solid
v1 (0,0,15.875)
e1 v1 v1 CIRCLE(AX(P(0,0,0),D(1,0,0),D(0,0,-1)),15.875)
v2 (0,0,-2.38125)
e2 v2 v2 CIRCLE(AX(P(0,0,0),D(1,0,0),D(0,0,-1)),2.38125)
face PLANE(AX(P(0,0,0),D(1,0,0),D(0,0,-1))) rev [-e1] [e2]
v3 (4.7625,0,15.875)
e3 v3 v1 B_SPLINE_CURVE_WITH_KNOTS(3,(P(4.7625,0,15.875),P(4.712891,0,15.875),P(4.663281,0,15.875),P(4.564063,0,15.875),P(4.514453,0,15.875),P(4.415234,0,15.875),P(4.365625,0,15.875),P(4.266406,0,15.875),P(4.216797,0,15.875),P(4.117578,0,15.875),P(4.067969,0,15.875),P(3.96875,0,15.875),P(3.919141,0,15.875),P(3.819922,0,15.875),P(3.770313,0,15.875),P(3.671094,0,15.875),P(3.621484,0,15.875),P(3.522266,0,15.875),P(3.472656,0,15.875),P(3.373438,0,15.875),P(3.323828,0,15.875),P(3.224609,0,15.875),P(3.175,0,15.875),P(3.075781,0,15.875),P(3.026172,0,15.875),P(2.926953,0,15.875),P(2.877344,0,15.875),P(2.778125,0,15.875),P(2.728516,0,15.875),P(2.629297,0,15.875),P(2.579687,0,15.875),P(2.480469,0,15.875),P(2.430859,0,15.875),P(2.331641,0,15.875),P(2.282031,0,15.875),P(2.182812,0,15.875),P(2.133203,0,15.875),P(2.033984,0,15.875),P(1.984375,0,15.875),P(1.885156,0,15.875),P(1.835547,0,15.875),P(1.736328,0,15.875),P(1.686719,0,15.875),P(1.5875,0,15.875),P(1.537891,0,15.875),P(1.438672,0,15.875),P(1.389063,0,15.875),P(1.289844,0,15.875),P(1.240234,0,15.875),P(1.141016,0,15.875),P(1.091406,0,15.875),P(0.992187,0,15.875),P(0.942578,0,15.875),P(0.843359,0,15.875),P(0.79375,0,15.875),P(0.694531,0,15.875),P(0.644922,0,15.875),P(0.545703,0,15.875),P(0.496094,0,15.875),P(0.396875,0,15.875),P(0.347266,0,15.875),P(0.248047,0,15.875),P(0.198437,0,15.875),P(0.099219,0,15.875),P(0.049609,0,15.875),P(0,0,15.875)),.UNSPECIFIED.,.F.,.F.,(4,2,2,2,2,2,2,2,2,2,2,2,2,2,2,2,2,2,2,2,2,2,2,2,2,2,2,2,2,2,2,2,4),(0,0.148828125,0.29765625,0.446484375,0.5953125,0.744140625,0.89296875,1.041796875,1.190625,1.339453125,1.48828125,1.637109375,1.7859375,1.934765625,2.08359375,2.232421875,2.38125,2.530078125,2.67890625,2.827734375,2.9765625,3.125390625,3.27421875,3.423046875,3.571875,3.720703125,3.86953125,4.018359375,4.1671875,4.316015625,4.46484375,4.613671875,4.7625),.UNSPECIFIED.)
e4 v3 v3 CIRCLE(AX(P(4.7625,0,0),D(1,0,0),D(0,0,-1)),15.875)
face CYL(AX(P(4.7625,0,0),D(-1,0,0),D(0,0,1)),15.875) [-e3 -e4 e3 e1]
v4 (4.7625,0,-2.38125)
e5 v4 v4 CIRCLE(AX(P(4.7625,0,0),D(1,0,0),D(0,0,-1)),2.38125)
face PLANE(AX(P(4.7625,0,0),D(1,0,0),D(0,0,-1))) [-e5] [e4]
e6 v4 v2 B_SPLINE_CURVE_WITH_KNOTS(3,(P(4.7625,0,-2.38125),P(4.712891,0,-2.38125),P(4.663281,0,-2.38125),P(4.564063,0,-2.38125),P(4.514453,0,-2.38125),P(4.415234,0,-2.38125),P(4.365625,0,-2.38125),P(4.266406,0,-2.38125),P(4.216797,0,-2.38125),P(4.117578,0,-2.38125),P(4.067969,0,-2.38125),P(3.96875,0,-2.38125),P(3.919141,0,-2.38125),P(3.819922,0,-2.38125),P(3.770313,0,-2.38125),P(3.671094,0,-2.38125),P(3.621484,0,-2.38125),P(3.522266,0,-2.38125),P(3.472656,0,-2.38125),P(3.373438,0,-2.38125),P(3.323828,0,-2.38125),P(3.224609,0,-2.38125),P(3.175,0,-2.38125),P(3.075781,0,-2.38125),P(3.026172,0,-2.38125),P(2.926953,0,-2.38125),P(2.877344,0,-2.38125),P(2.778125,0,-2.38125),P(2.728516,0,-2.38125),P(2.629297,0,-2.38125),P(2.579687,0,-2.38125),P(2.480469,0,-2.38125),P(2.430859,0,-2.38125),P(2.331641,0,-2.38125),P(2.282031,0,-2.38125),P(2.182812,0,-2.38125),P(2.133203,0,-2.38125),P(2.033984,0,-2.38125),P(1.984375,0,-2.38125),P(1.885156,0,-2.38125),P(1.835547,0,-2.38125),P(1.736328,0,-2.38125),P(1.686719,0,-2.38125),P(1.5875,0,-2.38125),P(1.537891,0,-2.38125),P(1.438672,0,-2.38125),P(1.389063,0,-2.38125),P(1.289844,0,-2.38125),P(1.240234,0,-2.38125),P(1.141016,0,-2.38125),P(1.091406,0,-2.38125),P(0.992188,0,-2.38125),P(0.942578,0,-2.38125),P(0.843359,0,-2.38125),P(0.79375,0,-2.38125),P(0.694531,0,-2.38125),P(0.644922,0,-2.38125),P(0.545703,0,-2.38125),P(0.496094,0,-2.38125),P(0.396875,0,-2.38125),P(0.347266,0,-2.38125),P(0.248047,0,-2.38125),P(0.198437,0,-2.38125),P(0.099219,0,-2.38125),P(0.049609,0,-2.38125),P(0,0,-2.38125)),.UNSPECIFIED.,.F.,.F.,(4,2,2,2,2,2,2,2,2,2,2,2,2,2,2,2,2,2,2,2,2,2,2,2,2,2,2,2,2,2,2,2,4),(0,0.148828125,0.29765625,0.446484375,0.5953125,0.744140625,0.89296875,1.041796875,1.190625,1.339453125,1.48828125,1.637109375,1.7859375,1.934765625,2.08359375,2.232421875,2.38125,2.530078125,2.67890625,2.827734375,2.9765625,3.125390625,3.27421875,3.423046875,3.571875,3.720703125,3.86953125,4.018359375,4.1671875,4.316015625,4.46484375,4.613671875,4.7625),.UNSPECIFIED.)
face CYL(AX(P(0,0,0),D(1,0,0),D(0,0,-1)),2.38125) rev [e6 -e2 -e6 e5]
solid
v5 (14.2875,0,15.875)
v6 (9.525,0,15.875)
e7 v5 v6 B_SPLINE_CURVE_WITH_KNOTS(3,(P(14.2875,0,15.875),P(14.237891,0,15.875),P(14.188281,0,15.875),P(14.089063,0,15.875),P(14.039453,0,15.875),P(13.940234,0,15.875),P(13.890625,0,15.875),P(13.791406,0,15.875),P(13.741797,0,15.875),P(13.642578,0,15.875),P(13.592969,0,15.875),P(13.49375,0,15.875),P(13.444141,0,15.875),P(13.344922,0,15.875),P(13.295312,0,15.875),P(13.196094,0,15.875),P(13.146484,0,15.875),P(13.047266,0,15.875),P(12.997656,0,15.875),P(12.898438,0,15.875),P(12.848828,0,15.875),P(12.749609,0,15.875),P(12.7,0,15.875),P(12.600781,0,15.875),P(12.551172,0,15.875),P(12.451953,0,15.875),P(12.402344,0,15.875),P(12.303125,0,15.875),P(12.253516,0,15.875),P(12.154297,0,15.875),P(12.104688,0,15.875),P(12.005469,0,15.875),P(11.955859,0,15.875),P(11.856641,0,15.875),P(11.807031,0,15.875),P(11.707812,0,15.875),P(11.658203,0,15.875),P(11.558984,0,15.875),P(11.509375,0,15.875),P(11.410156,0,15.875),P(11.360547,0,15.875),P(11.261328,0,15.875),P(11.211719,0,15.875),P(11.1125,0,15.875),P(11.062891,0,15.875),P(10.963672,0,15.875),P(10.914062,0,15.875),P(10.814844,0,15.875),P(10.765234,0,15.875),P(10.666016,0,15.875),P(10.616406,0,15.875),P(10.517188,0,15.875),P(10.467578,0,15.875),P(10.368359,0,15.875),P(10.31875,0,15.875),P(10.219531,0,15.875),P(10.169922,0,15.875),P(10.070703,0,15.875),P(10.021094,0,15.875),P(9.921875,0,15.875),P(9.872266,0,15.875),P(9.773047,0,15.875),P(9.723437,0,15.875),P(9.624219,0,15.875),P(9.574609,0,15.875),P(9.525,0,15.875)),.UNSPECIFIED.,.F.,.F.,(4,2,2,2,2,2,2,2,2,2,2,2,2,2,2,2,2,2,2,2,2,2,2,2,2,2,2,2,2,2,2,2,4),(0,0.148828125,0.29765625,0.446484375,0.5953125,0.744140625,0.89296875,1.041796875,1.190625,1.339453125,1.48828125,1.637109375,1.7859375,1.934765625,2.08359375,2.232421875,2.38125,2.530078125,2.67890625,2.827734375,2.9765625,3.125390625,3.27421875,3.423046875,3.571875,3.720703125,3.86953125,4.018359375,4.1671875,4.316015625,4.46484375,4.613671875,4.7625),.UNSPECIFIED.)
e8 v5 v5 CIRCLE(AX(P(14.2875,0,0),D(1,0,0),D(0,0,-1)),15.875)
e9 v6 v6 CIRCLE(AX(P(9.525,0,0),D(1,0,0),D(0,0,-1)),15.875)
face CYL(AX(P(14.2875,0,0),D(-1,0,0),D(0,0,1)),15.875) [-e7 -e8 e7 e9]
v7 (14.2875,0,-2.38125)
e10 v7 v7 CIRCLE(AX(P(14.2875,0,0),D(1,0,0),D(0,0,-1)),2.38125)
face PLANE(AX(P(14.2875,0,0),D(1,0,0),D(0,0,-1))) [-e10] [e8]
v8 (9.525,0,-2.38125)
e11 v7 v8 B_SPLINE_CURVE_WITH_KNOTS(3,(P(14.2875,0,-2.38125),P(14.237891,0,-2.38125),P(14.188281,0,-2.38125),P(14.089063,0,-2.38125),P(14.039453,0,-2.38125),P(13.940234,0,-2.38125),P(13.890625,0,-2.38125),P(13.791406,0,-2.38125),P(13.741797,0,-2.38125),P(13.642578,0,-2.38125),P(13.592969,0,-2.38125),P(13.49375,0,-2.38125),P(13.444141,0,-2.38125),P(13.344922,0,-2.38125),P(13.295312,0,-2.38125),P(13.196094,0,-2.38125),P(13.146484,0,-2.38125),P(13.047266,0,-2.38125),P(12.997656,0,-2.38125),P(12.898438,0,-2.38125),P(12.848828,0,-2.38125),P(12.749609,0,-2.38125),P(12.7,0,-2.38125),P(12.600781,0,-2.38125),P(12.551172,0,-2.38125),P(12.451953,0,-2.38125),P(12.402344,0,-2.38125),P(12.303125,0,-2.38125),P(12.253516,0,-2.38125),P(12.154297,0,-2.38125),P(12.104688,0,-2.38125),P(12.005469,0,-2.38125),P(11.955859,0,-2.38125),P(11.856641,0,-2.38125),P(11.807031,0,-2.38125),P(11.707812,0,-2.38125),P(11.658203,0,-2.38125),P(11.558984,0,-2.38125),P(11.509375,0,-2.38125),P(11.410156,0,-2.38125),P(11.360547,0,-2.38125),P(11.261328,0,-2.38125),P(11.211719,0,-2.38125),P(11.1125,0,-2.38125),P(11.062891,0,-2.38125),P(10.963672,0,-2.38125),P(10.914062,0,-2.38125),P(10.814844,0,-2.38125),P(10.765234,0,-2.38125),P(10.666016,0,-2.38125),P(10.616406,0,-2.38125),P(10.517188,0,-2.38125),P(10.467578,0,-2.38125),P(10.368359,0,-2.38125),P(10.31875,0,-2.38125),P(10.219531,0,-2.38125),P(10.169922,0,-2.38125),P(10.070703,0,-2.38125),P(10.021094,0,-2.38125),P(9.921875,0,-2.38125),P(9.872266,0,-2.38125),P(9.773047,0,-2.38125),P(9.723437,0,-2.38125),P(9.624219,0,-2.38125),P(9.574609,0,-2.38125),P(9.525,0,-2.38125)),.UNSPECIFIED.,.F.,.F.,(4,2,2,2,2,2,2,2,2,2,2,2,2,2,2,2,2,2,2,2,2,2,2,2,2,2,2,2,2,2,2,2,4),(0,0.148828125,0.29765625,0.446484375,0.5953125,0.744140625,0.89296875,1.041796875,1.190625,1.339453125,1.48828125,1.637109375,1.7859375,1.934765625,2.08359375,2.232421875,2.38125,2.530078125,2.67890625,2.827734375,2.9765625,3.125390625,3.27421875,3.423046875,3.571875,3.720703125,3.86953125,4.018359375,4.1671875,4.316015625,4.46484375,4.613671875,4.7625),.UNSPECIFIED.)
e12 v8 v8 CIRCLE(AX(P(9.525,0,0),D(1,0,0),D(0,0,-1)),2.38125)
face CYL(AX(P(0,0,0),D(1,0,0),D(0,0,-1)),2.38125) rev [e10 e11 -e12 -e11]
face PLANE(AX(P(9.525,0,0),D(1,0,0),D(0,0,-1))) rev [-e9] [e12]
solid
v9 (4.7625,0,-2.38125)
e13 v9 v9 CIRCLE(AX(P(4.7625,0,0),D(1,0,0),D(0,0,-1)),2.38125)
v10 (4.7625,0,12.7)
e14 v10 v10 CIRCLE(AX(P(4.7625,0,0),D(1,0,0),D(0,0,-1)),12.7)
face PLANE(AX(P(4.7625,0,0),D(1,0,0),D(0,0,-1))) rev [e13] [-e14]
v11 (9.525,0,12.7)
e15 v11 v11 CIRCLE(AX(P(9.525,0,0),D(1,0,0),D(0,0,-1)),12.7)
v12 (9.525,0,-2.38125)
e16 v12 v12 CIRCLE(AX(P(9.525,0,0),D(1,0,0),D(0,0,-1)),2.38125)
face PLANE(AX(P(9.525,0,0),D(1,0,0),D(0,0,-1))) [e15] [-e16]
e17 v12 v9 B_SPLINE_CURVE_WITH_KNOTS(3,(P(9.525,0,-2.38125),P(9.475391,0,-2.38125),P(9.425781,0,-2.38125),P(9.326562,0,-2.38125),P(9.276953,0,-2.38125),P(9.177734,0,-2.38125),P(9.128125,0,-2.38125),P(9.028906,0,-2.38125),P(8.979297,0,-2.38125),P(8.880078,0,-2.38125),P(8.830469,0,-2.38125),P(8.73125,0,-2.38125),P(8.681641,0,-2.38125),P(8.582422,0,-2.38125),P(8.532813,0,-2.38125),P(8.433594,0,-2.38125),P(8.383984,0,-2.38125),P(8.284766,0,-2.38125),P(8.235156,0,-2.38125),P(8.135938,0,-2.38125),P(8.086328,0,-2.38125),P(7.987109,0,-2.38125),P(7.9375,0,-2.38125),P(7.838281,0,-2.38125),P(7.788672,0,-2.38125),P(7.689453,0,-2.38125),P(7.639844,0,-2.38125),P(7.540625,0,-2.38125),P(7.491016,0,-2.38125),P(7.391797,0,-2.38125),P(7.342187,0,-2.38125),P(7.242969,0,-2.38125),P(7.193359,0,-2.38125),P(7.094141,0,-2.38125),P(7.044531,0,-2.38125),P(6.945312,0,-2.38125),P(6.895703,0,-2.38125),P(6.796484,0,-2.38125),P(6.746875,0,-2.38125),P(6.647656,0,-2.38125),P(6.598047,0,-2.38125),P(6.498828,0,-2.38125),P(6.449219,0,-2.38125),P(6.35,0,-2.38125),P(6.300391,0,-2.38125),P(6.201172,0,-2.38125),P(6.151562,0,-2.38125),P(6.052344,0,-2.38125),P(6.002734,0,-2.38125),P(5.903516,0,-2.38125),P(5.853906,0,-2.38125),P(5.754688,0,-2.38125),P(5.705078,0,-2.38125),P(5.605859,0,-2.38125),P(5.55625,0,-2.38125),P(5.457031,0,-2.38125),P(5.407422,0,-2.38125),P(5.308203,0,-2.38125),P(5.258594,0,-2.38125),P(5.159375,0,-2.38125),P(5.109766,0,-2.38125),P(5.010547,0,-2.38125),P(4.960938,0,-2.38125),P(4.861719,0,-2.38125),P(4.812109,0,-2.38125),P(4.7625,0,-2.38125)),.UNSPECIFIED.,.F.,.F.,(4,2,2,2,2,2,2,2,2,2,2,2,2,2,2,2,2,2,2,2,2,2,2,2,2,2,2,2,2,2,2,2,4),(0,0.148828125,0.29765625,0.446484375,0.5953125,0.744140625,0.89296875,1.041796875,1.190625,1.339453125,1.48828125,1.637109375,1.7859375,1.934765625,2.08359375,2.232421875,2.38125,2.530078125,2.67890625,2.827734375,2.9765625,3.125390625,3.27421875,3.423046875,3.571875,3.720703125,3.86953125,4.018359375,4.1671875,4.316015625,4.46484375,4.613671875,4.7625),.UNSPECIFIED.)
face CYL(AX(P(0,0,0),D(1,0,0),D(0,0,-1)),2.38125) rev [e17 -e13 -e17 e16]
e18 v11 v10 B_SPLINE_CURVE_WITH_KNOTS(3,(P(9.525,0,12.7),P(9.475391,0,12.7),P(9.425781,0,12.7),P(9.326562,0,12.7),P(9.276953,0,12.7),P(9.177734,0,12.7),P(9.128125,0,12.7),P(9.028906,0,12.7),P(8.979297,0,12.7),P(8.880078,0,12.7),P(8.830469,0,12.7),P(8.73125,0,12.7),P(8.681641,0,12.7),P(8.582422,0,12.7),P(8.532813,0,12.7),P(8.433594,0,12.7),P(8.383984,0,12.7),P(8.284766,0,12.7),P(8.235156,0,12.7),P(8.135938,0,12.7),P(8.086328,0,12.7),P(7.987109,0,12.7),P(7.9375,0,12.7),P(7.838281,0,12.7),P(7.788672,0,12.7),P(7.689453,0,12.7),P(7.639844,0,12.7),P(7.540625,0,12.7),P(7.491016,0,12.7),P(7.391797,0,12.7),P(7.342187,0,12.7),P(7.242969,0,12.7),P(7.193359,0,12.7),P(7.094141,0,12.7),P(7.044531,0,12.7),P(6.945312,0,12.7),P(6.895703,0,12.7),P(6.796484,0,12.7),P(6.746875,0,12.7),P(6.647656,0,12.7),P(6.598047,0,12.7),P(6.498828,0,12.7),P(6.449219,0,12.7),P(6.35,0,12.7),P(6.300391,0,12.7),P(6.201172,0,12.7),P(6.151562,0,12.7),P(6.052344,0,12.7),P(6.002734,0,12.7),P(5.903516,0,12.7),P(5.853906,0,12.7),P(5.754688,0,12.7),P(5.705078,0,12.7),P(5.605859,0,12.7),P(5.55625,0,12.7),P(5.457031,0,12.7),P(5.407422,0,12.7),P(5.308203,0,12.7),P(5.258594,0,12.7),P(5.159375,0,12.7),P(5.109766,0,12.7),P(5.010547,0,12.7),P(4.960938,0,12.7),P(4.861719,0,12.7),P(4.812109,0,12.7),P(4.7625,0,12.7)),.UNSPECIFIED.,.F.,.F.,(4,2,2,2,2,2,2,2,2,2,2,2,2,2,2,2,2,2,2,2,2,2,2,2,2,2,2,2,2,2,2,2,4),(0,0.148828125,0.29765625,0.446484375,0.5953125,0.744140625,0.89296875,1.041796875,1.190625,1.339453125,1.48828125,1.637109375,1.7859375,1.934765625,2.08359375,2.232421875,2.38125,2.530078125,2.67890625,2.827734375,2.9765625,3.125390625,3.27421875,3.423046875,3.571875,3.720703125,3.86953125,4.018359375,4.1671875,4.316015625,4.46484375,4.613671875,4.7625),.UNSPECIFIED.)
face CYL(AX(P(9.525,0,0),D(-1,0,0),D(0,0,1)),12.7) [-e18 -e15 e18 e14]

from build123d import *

# Parameters (mm, degrees)
SKETCH3_R           = 15.875
BOSS_EXTRUDE1_DEPTH = 4.7625
SKETCH5_R           = 12.7
BOSS_EXTRUDE2_DEPTH = 4.7625
SKETCH6_R           = 15.875
BOSS_EXTRUDE3_DEPTH = 4.7625
SKETCH7_R           = 2.38125
CUT_EXTRUDE1_DEPTH  = 27.6113492


with BuildPart() as part:
    # Sketch3 → Boss-Extrude1 (new body)
    with BuildSketch(Plane(origin=(0, 0, 0), x_dir=(0, 0, -1), z_dir=(1, 0, 0))):
        with Locations(Location((0, 0, 0), (0, 0, 180))):
            Circle(SKETCH3_R)
    extrude(amount=BOSS_EXTRUDE1_DEPTH)


with BuildPart() as body_2:
    # Sketch5 → Boss-Extrude2 (new body)
    with BuildSketch(Plane(origin=(4.7625, 0, 0), x_dir=(0, 0, -1), z_dir=(1, 0, 0))):
        with Locations(Location((0, 0, 0), (0, 0, 180))):
            Circle(SKETCH5_R)
    extrude(amount=BOSS_EXTRUDE2_DEPTH)


with BuildPart() as body_3:
    # Sketch6 → Boss-Extrude3 (new body)
    with BuildSketch(Plane(origin=(9.525, 0, 0), x_dir=(0, 0, -1), z_dir=(1, 0, 0))):
        with Locations(Location((0, 0, 0), (0, 0, 180))):
            Circle(SKETCH6_R)
    extrude(amount=BOSS_EXTRUDE3_DEPTH)


with BuildPart() as cut_extrude1_tool:
    # Sketch7 → Cut-Extrude1 (new, through all)
    with BuildSketch(Plane(origin=(14.2875, 0, 0), x_dir=(0, 0, -1), z_dir=(1, 0, 0))):
        Circle(SKETCH7_R)
    extrude(amount=-CUT_EXTRUDE1_DEPTH)


with BuildPart() as part_1:
    add(part.part)

    # Cut-Extrude1: cut by cut_extrude1_tool
    add(cut_extrude1_tool.part, mode=Mode.SUBTRACT)


with BuildPart() as body_2_1:
    add(body_2.part)

    # Cut-Extrude1: cut by cut_extrude1_tool
    add(cut_extrude1_tool.part, mode=Mode.SUBTRACT)


with BuildPart() as body_3_1:
    add(body_3.part)

    # Cut-Extrude1: cut by cut_extrude1_tool
    add(cut_extrude1_tool.part, mode=Mode.SUBTRACT)


solid = Compound([part_1.part, body_2_1.part, body_3_1.part])
